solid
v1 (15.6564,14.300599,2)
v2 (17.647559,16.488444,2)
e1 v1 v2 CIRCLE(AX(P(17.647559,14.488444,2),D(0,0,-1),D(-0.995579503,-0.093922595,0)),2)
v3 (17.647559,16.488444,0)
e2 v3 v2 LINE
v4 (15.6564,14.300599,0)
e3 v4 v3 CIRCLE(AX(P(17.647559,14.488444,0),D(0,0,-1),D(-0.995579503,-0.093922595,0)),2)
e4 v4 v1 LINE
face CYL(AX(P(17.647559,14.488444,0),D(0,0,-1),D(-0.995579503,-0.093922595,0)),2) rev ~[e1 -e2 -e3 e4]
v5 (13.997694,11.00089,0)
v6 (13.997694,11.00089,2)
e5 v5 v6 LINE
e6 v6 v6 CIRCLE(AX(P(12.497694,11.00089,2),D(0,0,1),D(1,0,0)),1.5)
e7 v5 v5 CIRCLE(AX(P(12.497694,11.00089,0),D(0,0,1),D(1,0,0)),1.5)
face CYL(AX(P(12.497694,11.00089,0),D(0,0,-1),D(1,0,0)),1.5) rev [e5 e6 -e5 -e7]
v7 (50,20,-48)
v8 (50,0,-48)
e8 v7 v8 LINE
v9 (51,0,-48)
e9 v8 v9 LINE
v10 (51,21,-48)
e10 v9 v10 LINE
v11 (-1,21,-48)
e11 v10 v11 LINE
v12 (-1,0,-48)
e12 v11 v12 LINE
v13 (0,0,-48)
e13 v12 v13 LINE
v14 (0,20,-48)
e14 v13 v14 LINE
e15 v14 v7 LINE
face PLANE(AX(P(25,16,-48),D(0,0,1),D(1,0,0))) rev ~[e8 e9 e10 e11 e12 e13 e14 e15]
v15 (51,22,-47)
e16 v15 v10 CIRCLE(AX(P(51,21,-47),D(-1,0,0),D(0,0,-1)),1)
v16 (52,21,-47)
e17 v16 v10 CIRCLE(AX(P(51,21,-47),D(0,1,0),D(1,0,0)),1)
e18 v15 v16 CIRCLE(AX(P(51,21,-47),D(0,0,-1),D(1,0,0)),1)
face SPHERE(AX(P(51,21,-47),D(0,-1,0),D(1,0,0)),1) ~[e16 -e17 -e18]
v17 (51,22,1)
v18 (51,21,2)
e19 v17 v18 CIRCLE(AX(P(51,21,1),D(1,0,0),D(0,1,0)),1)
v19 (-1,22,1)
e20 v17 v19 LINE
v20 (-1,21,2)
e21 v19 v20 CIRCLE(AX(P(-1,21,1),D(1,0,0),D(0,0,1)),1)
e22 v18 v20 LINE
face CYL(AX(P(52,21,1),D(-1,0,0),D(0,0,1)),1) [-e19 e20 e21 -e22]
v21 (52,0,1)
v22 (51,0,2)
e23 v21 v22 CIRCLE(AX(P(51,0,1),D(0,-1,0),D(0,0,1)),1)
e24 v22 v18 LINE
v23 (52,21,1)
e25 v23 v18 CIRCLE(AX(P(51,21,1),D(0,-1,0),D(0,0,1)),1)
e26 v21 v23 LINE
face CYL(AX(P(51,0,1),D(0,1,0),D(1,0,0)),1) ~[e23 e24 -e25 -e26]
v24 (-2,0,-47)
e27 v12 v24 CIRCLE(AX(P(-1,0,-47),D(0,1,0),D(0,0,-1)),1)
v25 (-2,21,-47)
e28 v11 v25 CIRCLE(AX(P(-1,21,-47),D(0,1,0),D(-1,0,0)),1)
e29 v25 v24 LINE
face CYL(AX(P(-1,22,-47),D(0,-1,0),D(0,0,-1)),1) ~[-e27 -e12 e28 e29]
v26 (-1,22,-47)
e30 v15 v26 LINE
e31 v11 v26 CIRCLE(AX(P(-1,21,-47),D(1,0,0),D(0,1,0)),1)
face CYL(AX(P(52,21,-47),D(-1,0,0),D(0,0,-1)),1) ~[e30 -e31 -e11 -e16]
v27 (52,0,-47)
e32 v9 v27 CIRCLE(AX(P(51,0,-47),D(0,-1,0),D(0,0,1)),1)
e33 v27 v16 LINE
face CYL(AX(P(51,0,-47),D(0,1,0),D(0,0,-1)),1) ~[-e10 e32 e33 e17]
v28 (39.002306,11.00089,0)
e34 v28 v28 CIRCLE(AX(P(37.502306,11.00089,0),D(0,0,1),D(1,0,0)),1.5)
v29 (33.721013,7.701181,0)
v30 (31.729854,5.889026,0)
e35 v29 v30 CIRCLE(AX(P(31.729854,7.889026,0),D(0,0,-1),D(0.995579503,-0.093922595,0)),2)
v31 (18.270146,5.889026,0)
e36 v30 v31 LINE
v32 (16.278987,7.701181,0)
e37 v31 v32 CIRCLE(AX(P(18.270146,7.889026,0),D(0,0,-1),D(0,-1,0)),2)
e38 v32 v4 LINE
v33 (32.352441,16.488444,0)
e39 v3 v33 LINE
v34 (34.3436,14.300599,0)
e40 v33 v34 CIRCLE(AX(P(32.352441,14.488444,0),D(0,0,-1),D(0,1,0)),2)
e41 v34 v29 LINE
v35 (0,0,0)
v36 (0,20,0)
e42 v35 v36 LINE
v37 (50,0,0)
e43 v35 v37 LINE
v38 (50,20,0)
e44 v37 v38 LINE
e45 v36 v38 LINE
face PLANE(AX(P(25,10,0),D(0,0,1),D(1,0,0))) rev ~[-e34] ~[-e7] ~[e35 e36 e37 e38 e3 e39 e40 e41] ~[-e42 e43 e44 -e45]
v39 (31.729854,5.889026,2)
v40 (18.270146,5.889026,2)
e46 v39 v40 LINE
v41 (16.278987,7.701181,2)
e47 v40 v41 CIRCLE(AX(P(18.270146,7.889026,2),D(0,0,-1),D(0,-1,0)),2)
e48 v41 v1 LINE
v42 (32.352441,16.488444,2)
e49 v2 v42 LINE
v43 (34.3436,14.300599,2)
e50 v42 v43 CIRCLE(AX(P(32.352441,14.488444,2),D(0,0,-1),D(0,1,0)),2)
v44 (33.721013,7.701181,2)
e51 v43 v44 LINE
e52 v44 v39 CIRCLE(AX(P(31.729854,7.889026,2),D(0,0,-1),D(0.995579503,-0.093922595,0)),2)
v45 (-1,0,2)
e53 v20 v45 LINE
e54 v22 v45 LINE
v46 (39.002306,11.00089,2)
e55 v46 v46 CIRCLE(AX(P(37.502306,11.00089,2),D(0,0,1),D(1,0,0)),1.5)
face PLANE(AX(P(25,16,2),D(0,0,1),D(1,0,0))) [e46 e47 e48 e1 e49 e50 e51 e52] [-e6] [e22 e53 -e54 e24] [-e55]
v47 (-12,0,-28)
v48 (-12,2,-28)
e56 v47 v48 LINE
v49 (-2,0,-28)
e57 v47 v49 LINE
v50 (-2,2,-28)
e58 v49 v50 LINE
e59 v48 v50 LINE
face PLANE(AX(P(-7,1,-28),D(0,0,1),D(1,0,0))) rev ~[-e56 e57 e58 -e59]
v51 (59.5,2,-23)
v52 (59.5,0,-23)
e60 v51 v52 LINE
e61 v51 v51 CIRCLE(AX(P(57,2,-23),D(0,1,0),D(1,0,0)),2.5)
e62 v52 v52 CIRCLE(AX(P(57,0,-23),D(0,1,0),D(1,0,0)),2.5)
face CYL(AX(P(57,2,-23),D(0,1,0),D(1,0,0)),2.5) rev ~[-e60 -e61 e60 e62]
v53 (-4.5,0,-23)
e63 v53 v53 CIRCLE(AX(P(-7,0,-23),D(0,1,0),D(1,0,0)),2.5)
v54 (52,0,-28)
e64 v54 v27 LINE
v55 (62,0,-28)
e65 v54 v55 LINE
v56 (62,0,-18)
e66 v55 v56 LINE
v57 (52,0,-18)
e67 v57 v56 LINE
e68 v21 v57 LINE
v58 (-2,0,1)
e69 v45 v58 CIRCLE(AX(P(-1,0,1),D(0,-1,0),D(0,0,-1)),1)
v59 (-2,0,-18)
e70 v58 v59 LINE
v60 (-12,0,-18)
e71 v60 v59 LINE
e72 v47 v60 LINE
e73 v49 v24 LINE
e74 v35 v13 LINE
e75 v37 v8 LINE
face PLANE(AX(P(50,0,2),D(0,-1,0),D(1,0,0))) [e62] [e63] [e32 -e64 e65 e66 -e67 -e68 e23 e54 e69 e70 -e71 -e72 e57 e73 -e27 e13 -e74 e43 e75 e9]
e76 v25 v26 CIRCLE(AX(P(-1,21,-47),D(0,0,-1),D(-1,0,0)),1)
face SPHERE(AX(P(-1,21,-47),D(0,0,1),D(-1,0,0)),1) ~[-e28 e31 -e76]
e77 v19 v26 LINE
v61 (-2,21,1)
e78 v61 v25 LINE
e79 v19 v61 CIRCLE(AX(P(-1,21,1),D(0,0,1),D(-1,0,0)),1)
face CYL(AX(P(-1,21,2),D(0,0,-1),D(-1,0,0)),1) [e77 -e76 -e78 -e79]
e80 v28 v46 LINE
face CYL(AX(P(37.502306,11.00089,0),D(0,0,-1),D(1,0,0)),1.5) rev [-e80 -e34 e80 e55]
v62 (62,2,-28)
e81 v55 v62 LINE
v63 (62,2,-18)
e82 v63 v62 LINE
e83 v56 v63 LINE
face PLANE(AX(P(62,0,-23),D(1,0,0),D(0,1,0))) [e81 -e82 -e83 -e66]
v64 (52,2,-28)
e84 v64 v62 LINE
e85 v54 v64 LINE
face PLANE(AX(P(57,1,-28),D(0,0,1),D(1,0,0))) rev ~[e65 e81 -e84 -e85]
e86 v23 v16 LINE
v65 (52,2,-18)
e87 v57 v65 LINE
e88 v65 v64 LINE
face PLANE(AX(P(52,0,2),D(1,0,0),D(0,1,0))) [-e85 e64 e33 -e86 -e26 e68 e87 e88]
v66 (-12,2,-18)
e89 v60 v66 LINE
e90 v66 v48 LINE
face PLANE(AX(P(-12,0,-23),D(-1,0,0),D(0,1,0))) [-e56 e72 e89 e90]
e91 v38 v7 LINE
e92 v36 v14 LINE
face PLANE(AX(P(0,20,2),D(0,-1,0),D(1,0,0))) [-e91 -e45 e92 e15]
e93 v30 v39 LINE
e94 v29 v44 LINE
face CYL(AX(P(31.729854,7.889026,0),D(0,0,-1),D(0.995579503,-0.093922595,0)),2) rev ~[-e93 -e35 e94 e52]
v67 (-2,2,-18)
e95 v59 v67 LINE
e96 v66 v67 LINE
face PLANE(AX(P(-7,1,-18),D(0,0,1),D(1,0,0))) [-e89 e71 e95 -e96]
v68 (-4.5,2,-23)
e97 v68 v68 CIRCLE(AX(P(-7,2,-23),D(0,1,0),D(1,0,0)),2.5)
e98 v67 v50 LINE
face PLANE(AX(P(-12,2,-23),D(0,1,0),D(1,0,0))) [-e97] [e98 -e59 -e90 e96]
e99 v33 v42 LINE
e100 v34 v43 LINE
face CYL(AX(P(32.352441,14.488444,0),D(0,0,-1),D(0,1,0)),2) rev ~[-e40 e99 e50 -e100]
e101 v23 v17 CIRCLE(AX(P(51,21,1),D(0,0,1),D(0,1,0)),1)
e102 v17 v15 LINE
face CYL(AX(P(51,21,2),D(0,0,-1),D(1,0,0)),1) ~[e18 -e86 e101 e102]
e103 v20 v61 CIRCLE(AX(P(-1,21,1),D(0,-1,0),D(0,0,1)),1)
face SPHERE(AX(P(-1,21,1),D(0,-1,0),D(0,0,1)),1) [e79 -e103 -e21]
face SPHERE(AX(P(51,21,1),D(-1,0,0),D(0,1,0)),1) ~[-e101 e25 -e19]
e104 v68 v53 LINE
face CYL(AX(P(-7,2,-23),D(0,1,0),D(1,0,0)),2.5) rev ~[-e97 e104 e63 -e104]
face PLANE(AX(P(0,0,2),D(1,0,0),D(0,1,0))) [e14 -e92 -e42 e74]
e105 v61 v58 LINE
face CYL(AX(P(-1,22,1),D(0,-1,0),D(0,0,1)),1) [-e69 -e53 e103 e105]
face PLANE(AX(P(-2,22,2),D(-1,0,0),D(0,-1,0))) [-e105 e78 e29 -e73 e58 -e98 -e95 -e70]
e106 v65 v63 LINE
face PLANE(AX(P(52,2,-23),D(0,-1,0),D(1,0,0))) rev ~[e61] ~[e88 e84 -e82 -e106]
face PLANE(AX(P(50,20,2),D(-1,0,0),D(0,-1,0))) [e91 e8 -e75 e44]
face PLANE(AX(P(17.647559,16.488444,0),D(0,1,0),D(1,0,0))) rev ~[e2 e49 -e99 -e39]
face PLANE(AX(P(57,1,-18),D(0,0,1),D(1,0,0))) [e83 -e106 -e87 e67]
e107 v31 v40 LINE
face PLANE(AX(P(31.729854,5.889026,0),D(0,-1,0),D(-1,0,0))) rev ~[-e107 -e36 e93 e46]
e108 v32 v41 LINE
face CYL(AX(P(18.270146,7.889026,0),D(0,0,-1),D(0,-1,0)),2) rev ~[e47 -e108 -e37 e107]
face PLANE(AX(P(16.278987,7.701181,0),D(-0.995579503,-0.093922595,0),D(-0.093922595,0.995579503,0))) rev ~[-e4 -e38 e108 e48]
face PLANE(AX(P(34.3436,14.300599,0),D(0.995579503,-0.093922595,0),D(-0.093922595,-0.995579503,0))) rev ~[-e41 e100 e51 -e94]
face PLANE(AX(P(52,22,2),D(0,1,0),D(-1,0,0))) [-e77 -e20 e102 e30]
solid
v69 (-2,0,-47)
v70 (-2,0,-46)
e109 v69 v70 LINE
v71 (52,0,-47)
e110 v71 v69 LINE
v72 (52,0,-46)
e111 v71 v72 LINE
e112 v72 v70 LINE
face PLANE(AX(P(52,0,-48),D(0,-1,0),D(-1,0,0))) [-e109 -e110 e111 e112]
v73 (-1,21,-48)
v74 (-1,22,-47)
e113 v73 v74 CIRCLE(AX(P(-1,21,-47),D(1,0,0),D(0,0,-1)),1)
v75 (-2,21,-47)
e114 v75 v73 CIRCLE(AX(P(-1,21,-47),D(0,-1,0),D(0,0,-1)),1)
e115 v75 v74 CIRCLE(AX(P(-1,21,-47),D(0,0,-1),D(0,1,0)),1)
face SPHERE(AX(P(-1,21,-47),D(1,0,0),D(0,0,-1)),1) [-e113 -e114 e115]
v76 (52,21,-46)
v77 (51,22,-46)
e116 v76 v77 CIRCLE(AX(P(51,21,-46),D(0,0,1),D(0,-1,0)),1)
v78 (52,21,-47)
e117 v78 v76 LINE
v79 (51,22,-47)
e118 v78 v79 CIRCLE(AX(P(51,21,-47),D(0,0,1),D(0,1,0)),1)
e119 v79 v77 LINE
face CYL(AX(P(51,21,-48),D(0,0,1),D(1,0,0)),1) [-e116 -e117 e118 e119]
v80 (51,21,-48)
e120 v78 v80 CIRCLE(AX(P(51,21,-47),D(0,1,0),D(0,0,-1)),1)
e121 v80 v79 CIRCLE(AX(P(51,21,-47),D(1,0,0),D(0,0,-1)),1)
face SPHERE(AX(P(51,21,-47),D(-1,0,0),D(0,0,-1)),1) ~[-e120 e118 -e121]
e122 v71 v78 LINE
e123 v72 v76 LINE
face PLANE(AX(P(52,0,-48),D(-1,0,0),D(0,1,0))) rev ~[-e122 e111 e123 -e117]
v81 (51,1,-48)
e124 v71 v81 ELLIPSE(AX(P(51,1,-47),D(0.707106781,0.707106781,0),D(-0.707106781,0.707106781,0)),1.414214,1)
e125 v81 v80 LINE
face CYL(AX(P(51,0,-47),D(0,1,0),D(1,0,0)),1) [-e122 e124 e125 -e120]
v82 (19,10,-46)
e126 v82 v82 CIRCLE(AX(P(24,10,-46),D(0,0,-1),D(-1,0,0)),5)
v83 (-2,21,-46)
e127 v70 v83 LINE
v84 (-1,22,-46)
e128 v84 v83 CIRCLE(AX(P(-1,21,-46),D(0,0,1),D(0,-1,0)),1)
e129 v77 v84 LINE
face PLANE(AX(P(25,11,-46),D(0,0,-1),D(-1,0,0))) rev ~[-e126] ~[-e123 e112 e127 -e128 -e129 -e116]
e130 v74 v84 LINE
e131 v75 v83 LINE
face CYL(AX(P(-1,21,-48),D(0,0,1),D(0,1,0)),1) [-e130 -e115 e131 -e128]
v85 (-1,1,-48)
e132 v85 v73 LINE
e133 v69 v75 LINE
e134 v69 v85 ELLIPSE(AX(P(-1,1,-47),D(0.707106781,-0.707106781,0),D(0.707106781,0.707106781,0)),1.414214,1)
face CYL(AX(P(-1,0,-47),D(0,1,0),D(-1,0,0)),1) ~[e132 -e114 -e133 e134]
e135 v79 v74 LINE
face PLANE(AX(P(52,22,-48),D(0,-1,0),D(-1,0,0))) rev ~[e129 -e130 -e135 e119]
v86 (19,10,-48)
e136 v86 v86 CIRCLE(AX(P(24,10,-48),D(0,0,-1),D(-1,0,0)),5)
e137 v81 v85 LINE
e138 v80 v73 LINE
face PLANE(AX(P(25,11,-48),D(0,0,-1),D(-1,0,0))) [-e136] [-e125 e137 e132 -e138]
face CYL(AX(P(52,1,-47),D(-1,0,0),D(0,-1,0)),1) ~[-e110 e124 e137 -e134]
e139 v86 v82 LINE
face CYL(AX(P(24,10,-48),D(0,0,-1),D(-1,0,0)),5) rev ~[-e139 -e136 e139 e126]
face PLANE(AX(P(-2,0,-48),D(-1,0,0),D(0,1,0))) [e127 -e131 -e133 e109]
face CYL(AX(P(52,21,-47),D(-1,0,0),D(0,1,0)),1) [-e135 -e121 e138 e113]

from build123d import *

# Parameters (mm, degrees)
SKETCH1_W           = 50
SKETCH1_H           = 20
SKETCH1_R           = 1.5
BOSS_EXTRUDE1_DEPTH = 2
BOSS_EXTRUDE3_DEPTH = 50
SKETCH4_W           = 54
SKETCH4_H           = 22
SKETCH4_R           = 5
BOSS_EXTRUDE4_DEPTH = 2
SKETCH5_W           = 10
SKETCH5_H           = 2
BOSS_EXTRUDE5_DEPTH = 5
FILLET1_R           = 1
FILLET2_R           = 1
SKETCH6_R           = 2.5
CUT_EXTRUDE1_DEPTH  = 2


with BuildPart() as part:
    # Sketch1 → Boss-Extrude1 (new body)
    with BuildSketch(Plane.XY):
        with Locations((25, 10)):
            Rectangle(SKETCH1_W, SKETCH1_H)
        with Locations((12.497693795, 11.000889914)):
            Circle(SKETCH1_R, mode=Mode.SUBTRACT)
        with Locations((37.502306205, 11.000889914)):
            Circle(SKETCH1_R, mode=Mode.SUBTRACT)
        with BuildLine():
            Line((17.647559495, 16.488444137), (32.352440505, 16.488444137))
            ThreePointArc((32.352440505, 16.488444137), (33.831577141, 15.834607133), (34.34359951, 14.300598948))
            Line((34.34359951, 14.300598948), (33.7210129, 7.701180879))
            ThreePointArc((33.7210129, 7.701180879), (33.07601689, 6.409889432), (31.729853895, 5.889026069))
            Line((31.729853895, 5.889026069), (18.270146105, 5.889026069))
            ThreePointArc((18.270146105, 5.889026069), (16.92398311, 6.409889432), (16.2789871, 7.701180879))
            Line((16.2789871, 7.701180879), (15.65640049, 14.300598948))
            ThreePointArc((15.65640049, 14.300598948), (16.168422859, 15.834607133), (17.647559495, 16.488444137))
        make_face(mode=Mode.SUBTRACT)
    extrude(amount=BOSS_EXTRUDE1_DEPTH)

    # Sketch2 → Boss-Extrude3 (add)
    with BuildSketch(Plane.XY.offset(2)):
        Polygon((50, 0), (52, 0), (52, 22), (-2, 22), (-2, 0), (0, 0), (0, 20), (50, 20), align=None)
    extrude(amount=-BOSS_EXTRUDE3_DEPTH)

    # Sketch5 → Boss-Extrude5 (add, symmetric)
    with BuildSketch(Plane.XY.offset(-23)):
        with Locations((-7, 1)):
            Rectangle(SKETCH5_W, SKETCH5_H)
        with Locations((57, 1)):
            Rectangle(SKETCH5_W, SKETCH5_H)
    extrude(amount=BOSS_EXTRUDE5_DEPTH, both=True)

    # Fillet1
    fillet1_edges = [part.edges().sort_by_distance(p)[0] for p in [
        (-2, 11, 2),
        (25, 22, 2),
        (-2, 22, -23),
        (52, 11, -48),
        (52, 22, -23),
        (-2, 11, -48),
        (25, 22, -48),
        (52, 11, 2),
    ]]
    fillet(fillet1_edges, radius=FILLET1_R)

    # Sketch6 → Cut-Extrude1 (cut)
    with BuildSketch(Plane(origin=(0, 2, 0), x_dir=(1, 0, 0), z_dir=(0, 1, 0))):
        with Locations((-7, 23)):
            Circle(SKETCH6_R)
        with Locations((57, 23)):
            Circle(SKETCH6_R)
    extrude(amount=-CUT_EXTRUDE1_DEPTH, mode=Mode.SUBTRACT)


with BuildPart() as body_2:
    # Sketch4 → Boss-Extrude4 (new body)
    with BuildSketch(Plane(origin=(0, 0, -48), x_dir=(-1, 0, 0), z_dir=(0, 0, -1))):
        with Locations((-25, 11)):
            Rectangle(SKETCH4_W, SKETCH4_H)
        with Locations((-24, 10)):
            Circle(SKETCH4_R, mode=Mode.SUBTRACT)
    extrude(amount=-BOSS_EXTRUDE4_DEPTH)

    # Fillet2
    fillet2_edges = [body_2.edges().sort_by_distance(p)[0] for p in [
        (25, 22, -48),
        (-2, 11, -48),
        (25, 0, -48),
        (52, 11, -48),
        (52, 22, -47),
        (-2, 22, -47),
    ]]
    fillet(fillet2_edges, radius=FILLET2_R)


solid = Compound([part.part, body_2.part])
